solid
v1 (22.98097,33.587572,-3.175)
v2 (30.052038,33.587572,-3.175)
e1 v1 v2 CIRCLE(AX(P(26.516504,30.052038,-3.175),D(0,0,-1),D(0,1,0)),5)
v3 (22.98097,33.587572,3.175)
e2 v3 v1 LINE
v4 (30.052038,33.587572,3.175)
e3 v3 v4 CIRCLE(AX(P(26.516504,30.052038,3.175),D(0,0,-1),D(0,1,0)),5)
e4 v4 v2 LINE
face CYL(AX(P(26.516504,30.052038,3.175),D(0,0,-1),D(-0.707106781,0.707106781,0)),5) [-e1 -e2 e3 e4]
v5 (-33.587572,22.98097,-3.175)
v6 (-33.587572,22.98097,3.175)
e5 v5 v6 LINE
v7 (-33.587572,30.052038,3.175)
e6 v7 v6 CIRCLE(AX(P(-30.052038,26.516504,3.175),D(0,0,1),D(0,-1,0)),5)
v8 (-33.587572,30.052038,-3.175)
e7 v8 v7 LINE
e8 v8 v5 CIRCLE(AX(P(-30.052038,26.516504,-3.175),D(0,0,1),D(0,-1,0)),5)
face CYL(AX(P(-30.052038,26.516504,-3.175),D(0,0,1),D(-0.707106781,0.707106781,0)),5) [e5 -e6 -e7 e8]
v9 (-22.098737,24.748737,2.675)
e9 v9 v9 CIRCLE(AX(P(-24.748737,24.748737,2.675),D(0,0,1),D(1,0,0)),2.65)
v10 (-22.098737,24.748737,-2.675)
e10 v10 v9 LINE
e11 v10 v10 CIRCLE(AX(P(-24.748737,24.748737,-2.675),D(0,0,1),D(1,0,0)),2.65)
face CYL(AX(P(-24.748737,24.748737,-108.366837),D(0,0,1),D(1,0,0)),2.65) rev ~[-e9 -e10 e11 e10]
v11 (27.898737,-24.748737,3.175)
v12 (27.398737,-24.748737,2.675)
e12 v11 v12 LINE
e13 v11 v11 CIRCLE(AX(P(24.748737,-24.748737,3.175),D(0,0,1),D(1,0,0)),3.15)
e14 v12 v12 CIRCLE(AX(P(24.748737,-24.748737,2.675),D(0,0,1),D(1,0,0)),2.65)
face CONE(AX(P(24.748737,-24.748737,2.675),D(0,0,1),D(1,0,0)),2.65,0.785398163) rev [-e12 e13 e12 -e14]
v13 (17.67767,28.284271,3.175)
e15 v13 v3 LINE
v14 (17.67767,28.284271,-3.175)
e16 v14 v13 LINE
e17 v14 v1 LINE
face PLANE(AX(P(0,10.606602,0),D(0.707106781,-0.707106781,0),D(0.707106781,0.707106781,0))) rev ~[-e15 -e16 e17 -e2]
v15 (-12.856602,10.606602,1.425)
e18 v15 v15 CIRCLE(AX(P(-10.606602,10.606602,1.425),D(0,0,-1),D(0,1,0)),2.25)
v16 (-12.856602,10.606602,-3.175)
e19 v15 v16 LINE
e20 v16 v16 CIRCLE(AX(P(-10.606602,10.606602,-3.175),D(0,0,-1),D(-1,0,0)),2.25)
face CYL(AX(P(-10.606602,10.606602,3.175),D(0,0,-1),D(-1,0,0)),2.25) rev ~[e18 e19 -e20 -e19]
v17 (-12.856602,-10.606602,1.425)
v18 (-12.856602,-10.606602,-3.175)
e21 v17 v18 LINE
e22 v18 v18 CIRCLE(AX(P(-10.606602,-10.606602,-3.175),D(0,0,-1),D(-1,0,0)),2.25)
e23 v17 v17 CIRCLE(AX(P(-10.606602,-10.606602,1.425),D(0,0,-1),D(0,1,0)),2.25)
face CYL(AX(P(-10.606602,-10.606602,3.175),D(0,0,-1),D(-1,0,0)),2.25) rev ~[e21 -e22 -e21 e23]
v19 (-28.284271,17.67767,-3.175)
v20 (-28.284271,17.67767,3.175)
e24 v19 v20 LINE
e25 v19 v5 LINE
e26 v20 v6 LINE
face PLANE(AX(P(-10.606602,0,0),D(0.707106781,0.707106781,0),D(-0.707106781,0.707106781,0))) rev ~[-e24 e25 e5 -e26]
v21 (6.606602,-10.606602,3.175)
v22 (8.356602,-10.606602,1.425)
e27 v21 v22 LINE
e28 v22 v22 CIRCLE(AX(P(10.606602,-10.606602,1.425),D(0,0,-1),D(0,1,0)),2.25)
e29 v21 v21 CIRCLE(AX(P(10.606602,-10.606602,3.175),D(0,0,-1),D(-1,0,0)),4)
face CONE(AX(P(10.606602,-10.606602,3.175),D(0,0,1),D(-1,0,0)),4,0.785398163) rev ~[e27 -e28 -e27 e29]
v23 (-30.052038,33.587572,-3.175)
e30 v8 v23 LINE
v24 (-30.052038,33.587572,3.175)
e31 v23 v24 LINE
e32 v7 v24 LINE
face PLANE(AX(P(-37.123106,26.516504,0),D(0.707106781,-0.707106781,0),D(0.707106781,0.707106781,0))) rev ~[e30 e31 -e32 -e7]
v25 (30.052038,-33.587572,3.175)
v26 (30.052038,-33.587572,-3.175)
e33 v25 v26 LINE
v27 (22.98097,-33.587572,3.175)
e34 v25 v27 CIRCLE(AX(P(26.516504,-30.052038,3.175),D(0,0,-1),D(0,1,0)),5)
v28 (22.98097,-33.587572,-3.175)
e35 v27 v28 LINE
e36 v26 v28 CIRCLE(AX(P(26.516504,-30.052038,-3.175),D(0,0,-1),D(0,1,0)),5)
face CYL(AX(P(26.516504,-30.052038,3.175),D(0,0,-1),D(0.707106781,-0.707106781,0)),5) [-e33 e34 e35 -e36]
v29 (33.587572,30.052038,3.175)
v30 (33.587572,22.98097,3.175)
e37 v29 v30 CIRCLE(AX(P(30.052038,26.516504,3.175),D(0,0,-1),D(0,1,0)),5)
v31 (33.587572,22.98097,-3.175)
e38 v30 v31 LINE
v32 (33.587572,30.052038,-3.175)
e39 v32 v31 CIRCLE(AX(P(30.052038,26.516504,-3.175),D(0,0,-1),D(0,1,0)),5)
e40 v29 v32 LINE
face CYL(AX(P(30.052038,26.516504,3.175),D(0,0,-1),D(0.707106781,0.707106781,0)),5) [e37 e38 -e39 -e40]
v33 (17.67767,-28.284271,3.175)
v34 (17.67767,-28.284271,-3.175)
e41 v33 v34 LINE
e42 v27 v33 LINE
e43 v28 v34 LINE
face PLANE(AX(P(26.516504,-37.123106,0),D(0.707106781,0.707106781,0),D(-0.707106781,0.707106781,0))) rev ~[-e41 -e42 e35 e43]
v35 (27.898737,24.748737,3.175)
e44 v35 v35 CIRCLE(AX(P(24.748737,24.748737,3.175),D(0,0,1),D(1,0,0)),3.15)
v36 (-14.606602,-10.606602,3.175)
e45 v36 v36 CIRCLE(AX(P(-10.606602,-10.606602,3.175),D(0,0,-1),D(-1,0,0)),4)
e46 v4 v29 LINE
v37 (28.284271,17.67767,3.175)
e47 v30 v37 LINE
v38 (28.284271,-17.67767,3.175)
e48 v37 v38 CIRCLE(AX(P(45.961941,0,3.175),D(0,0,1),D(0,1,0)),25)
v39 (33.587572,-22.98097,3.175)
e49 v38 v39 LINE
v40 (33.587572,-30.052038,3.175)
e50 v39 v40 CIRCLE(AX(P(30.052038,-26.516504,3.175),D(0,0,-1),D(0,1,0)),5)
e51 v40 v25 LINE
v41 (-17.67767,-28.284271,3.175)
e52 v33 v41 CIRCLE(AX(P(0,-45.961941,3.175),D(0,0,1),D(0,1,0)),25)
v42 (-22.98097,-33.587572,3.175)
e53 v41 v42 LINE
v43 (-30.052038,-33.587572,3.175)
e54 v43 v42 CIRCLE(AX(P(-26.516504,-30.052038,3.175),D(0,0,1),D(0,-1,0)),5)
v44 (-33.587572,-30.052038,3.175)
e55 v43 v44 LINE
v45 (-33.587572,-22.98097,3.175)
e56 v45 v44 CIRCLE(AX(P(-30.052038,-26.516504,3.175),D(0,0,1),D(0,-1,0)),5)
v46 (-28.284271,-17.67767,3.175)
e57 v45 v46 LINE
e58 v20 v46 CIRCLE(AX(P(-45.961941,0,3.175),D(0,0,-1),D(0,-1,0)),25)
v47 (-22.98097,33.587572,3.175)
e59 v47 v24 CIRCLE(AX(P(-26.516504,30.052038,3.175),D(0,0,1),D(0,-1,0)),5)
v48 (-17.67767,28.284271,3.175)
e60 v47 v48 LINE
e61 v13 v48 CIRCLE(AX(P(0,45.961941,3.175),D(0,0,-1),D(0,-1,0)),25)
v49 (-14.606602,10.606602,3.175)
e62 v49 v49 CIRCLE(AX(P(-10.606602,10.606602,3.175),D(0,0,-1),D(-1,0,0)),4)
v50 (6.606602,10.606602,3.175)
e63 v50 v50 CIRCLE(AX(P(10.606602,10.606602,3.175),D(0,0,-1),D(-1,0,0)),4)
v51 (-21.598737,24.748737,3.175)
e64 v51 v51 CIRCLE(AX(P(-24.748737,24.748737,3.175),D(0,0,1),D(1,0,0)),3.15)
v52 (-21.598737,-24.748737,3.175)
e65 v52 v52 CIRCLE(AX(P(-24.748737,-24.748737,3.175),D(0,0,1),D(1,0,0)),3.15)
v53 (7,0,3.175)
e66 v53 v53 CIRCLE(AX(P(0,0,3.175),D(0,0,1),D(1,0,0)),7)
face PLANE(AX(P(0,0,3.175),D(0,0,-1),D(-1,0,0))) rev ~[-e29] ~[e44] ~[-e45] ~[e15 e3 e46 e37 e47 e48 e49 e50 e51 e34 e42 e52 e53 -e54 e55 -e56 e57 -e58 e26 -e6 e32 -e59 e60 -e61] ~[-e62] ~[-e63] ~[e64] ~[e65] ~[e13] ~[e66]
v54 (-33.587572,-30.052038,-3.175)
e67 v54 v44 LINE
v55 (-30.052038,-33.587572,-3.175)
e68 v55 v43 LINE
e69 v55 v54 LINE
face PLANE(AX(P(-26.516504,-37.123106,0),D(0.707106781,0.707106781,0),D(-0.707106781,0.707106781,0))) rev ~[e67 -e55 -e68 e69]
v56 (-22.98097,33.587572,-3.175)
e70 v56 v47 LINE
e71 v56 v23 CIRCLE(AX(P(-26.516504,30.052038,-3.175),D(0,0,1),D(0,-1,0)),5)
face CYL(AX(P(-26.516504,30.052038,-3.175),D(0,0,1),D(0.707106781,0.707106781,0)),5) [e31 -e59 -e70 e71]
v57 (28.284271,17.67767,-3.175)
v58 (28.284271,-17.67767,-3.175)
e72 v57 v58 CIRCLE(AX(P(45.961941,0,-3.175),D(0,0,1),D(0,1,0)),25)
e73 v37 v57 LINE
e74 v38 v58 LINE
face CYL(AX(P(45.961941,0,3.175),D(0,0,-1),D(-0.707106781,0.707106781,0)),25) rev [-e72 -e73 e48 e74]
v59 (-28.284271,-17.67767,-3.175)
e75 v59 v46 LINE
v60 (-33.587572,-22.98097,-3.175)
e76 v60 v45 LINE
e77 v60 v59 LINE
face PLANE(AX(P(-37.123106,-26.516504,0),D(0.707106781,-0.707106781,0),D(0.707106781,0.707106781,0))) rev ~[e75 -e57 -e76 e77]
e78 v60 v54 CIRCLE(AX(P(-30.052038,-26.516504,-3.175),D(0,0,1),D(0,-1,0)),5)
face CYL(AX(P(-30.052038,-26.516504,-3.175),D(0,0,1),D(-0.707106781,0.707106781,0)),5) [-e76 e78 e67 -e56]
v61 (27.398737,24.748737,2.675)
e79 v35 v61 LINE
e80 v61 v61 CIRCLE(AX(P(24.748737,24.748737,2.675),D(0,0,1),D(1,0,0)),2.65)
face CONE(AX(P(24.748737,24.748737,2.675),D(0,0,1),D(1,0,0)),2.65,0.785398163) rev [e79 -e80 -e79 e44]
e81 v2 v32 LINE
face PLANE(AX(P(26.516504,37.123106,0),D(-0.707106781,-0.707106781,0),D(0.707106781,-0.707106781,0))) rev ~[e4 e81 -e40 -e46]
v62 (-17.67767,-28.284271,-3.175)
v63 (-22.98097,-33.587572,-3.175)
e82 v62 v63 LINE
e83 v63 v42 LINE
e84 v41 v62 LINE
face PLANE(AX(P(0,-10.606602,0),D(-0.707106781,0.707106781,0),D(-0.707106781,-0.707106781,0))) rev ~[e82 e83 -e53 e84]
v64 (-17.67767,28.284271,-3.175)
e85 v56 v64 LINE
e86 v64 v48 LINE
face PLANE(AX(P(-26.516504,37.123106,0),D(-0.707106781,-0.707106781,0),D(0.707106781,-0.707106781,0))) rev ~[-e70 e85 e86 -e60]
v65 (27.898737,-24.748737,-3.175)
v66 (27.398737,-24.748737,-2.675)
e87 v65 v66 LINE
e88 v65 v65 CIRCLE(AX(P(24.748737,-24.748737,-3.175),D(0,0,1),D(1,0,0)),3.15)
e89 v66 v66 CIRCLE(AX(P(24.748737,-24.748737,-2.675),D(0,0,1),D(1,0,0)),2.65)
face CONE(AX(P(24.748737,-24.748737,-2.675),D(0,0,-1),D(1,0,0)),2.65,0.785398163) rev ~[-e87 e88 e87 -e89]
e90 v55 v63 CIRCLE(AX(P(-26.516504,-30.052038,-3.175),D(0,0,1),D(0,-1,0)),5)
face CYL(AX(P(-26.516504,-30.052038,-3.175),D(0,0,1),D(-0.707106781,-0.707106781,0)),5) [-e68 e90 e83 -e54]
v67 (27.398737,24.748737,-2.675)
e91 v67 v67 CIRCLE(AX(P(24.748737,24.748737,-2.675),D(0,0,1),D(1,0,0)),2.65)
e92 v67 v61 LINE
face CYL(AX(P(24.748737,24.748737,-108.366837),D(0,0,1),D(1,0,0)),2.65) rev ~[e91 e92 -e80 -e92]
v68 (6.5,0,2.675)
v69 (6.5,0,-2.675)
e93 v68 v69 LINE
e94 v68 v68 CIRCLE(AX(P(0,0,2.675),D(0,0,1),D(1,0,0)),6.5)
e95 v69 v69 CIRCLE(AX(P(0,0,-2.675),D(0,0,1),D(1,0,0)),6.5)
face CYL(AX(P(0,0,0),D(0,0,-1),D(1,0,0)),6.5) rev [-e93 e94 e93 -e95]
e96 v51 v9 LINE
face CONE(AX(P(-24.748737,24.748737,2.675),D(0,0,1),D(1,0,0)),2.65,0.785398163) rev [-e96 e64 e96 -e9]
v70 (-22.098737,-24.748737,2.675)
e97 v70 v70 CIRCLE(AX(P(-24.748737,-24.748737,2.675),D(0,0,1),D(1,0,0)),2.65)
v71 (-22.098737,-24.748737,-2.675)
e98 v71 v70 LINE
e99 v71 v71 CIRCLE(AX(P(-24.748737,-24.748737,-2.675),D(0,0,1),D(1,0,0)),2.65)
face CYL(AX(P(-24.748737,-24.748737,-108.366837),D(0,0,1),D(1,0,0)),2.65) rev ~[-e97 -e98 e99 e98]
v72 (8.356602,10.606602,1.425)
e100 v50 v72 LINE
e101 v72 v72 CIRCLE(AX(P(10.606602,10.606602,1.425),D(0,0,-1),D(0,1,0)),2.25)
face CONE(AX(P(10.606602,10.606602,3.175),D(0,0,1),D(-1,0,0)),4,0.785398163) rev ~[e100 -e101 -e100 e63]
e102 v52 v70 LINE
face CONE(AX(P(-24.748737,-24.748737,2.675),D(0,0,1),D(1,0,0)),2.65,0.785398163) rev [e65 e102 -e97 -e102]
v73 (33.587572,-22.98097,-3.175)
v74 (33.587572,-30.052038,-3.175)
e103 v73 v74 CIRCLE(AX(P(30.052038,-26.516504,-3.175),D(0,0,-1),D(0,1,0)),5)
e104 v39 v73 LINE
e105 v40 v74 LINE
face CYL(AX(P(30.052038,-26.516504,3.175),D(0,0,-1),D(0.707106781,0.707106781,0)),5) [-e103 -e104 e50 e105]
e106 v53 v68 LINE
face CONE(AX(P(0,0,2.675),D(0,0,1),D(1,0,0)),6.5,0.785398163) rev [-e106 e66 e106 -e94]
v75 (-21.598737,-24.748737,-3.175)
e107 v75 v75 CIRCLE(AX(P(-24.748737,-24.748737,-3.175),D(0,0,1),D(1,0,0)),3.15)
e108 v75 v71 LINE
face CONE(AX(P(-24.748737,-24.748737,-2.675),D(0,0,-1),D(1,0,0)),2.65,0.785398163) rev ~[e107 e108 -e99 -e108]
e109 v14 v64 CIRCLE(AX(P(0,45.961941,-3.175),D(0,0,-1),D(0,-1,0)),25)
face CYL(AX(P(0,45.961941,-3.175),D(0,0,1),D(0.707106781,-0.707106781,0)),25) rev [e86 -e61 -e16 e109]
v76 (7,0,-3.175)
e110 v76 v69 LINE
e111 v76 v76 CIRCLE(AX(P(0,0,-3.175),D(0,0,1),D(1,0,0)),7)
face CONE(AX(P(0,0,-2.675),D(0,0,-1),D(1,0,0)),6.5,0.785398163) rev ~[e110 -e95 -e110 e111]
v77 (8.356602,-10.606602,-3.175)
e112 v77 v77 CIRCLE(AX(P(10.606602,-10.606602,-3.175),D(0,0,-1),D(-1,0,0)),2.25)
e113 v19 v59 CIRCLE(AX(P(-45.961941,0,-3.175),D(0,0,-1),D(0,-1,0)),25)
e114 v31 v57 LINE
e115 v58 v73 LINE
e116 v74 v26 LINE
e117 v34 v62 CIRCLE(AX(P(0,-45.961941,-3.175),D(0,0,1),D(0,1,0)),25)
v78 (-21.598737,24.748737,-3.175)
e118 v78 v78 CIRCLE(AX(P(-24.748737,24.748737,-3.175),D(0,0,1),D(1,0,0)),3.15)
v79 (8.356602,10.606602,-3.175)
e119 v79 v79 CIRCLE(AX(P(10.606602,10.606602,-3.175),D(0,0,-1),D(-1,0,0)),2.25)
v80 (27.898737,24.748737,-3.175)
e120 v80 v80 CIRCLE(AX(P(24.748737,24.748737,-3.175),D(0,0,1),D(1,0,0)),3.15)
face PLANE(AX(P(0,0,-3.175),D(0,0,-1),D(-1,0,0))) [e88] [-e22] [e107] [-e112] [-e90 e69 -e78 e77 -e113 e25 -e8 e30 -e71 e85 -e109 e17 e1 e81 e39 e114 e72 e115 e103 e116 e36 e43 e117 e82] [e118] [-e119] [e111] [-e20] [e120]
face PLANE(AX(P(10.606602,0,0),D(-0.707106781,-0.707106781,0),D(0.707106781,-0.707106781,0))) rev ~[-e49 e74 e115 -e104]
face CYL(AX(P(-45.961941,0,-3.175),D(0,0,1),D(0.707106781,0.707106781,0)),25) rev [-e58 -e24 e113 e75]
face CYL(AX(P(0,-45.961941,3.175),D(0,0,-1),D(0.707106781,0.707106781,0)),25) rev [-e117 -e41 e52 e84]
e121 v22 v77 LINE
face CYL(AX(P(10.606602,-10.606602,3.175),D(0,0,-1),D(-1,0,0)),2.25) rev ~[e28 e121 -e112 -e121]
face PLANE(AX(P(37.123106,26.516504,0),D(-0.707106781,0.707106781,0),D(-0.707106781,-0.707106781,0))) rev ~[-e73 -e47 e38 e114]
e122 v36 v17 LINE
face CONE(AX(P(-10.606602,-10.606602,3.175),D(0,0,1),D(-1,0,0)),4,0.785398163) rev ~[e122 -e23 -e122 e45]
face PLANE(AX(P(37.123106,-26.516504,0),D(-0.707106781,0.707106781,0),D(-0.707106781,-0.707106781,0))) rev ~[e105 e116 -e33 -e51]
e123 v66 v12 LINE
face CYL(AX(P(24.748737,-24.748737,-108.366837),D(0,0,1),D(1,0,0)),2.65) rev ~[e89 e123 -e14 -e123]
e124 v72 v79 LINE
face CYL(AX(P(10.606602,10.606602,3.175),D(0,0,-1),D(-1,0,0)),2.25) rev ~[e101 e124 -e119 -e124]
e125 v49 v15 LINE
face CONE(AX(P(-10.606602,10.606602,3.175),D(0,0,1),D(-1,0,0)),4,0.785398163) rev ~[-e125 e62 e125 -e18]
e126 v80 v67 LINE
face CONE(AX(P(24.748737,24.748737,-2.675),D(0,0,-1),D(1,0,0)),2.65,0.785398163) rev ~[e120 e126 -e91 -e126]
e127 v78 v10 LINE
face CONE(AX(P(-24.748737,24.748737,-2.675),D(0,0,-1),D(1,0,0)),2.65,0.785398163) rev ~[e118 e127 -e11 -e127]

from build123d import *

# Parameters (mm, degrees)
SKETCH1_R                      = 6.5
F_1_4_IN_SHEET_METAL_DEPTH     = 3.175
M4_CLEARANCE_HOLE1_D           = 4.5
M4_CLEARANCE_HOLE1_CSINK_D     = 8
M4_CLEARANCE_HOLE1_CSINK_ANGLE = 90
M5_CLEARANCE_HOLE1_D           = 5.3
F_25_MM_FILLET_R               = 25
F_5_MM_FILLET_R                = 5
F_0_50_MM_CHAMFER_SIZE         = 0.5


with BuildPart() as part:
    # Sketch1 → 1/4 in Sheet Metal (new, symmetric)
    with BuildSketch(Plane.XY):
        Polygon((0, 10.606601718), (26.516504294, 37.123106012), (37.123106012, 26.516504294), (10.606601718, 0), (37.123106012, -26.516504294), (26.516504294, -37.123106012), (0, -10.606601718), (-26.516504294, -37.123106012), (-37.123106012, -26.516504294), (-10.606601718, 0), (-37.123106012, 26.516504294), (-26.516504294, 37.123106012), align=None)
        Circle(SKETCH1_R, mode=Mode.SUBTRACT)
    extrude(amount=F_1_4_IN_SHEET_METAL_DEPTH, both=True)

    # M4 Clearance Hole1 (through all)
    with Locations(Plane.XY.offset(3.175)):
        with Locations((-10.606601718, 10.606601718), (10.606601718, 10.606601718), (10.606601718, -10.606601718), (-10.606601718, -10.606601718)):
            CounterSinkHole(M4_CLEARANCE_HOLE1_D / 2, M4_CLEARANCE_HOLE1_CSINK_D / 2, counter_sink_angle=M4_CLEARANCE_HOLE1_CSINK_ANGLE)

    # M5 Clearance Hole1 (through all)
    with Locations(Plane(origin=(0, 0, -3.175), x_dir=(-1, 0, 0), z_dir=(0, 0, -1))):
        with Locations((-24.748737342, 24.748737342), (24.748737342, 24.748737342), (24.748737342, -24.748737342), (-24.748737342, -24.748737342)):
            Hole(M5_CLEARANCE_HOLE1_D / 2)

    # 25 mm Fillet
    f_25_mm_fillet_edges = [part.edges().sort_by_distance(p)[0] for p in [
        (0, 10.606601718, 0),
        (10.606601718, 0, 0),
        (0, -10.606601718, 0),
        (-10.606601718, 0, 0),
    ]]
    fillet(f_25_mm_fillet_edges, radius=F_25_MM_FILLET_R)

    # 5 mm Fillet
    f_5_mm_fillet_edges = [part.edges().sort_by_distance(p)[0] for p in [
        (26.516504294, 37.123106012, 0),
        (37.123106012, 26.516504294, 0),
        (37.123106012, -26.516504294, 0),
        (26.516504294, -37.123106012, 0),
        (-26.516504294, -37.123106012, 0),
        (-37.123106012, -26.516504294, 0),
        (-37.123106012, 26.516504294, 0),
        (-26.516504294, 37.123106012, 0),
    ]]
    fillet(f_5_mm_fillet_edges, radius=F_5_MM_FILLET_R)

    # 0.50 mm Chamfer
    f_0_50_mm_chamfer_edges = [part.edges().sort_by_distance(p)[0] for p in [
        (-6.5, 0, -3.175),
        (-6.5, 0, 3.175),
        (22.098737342, -24.748737342, -3.175),
        (22.098737342, -24.748737342, 3.175),
        (-27.398737342, -24.748737342, -3.175),
        (-27.398737342, -24.748737342, 3.175),
        (-27.398737342, 24.748737342, -3.175),
        (-27.398737342, 24.748737342, 3.175),
        (22.098737342, 24.748737342, -3.175),
        (22.098737342, 24.748737342, 3.175),
    ]]
    chamfer(f_0_50_mm_chamfer_edges, length=F_0_50_MM_CHAMFER_SIZE)


solid = part.part
